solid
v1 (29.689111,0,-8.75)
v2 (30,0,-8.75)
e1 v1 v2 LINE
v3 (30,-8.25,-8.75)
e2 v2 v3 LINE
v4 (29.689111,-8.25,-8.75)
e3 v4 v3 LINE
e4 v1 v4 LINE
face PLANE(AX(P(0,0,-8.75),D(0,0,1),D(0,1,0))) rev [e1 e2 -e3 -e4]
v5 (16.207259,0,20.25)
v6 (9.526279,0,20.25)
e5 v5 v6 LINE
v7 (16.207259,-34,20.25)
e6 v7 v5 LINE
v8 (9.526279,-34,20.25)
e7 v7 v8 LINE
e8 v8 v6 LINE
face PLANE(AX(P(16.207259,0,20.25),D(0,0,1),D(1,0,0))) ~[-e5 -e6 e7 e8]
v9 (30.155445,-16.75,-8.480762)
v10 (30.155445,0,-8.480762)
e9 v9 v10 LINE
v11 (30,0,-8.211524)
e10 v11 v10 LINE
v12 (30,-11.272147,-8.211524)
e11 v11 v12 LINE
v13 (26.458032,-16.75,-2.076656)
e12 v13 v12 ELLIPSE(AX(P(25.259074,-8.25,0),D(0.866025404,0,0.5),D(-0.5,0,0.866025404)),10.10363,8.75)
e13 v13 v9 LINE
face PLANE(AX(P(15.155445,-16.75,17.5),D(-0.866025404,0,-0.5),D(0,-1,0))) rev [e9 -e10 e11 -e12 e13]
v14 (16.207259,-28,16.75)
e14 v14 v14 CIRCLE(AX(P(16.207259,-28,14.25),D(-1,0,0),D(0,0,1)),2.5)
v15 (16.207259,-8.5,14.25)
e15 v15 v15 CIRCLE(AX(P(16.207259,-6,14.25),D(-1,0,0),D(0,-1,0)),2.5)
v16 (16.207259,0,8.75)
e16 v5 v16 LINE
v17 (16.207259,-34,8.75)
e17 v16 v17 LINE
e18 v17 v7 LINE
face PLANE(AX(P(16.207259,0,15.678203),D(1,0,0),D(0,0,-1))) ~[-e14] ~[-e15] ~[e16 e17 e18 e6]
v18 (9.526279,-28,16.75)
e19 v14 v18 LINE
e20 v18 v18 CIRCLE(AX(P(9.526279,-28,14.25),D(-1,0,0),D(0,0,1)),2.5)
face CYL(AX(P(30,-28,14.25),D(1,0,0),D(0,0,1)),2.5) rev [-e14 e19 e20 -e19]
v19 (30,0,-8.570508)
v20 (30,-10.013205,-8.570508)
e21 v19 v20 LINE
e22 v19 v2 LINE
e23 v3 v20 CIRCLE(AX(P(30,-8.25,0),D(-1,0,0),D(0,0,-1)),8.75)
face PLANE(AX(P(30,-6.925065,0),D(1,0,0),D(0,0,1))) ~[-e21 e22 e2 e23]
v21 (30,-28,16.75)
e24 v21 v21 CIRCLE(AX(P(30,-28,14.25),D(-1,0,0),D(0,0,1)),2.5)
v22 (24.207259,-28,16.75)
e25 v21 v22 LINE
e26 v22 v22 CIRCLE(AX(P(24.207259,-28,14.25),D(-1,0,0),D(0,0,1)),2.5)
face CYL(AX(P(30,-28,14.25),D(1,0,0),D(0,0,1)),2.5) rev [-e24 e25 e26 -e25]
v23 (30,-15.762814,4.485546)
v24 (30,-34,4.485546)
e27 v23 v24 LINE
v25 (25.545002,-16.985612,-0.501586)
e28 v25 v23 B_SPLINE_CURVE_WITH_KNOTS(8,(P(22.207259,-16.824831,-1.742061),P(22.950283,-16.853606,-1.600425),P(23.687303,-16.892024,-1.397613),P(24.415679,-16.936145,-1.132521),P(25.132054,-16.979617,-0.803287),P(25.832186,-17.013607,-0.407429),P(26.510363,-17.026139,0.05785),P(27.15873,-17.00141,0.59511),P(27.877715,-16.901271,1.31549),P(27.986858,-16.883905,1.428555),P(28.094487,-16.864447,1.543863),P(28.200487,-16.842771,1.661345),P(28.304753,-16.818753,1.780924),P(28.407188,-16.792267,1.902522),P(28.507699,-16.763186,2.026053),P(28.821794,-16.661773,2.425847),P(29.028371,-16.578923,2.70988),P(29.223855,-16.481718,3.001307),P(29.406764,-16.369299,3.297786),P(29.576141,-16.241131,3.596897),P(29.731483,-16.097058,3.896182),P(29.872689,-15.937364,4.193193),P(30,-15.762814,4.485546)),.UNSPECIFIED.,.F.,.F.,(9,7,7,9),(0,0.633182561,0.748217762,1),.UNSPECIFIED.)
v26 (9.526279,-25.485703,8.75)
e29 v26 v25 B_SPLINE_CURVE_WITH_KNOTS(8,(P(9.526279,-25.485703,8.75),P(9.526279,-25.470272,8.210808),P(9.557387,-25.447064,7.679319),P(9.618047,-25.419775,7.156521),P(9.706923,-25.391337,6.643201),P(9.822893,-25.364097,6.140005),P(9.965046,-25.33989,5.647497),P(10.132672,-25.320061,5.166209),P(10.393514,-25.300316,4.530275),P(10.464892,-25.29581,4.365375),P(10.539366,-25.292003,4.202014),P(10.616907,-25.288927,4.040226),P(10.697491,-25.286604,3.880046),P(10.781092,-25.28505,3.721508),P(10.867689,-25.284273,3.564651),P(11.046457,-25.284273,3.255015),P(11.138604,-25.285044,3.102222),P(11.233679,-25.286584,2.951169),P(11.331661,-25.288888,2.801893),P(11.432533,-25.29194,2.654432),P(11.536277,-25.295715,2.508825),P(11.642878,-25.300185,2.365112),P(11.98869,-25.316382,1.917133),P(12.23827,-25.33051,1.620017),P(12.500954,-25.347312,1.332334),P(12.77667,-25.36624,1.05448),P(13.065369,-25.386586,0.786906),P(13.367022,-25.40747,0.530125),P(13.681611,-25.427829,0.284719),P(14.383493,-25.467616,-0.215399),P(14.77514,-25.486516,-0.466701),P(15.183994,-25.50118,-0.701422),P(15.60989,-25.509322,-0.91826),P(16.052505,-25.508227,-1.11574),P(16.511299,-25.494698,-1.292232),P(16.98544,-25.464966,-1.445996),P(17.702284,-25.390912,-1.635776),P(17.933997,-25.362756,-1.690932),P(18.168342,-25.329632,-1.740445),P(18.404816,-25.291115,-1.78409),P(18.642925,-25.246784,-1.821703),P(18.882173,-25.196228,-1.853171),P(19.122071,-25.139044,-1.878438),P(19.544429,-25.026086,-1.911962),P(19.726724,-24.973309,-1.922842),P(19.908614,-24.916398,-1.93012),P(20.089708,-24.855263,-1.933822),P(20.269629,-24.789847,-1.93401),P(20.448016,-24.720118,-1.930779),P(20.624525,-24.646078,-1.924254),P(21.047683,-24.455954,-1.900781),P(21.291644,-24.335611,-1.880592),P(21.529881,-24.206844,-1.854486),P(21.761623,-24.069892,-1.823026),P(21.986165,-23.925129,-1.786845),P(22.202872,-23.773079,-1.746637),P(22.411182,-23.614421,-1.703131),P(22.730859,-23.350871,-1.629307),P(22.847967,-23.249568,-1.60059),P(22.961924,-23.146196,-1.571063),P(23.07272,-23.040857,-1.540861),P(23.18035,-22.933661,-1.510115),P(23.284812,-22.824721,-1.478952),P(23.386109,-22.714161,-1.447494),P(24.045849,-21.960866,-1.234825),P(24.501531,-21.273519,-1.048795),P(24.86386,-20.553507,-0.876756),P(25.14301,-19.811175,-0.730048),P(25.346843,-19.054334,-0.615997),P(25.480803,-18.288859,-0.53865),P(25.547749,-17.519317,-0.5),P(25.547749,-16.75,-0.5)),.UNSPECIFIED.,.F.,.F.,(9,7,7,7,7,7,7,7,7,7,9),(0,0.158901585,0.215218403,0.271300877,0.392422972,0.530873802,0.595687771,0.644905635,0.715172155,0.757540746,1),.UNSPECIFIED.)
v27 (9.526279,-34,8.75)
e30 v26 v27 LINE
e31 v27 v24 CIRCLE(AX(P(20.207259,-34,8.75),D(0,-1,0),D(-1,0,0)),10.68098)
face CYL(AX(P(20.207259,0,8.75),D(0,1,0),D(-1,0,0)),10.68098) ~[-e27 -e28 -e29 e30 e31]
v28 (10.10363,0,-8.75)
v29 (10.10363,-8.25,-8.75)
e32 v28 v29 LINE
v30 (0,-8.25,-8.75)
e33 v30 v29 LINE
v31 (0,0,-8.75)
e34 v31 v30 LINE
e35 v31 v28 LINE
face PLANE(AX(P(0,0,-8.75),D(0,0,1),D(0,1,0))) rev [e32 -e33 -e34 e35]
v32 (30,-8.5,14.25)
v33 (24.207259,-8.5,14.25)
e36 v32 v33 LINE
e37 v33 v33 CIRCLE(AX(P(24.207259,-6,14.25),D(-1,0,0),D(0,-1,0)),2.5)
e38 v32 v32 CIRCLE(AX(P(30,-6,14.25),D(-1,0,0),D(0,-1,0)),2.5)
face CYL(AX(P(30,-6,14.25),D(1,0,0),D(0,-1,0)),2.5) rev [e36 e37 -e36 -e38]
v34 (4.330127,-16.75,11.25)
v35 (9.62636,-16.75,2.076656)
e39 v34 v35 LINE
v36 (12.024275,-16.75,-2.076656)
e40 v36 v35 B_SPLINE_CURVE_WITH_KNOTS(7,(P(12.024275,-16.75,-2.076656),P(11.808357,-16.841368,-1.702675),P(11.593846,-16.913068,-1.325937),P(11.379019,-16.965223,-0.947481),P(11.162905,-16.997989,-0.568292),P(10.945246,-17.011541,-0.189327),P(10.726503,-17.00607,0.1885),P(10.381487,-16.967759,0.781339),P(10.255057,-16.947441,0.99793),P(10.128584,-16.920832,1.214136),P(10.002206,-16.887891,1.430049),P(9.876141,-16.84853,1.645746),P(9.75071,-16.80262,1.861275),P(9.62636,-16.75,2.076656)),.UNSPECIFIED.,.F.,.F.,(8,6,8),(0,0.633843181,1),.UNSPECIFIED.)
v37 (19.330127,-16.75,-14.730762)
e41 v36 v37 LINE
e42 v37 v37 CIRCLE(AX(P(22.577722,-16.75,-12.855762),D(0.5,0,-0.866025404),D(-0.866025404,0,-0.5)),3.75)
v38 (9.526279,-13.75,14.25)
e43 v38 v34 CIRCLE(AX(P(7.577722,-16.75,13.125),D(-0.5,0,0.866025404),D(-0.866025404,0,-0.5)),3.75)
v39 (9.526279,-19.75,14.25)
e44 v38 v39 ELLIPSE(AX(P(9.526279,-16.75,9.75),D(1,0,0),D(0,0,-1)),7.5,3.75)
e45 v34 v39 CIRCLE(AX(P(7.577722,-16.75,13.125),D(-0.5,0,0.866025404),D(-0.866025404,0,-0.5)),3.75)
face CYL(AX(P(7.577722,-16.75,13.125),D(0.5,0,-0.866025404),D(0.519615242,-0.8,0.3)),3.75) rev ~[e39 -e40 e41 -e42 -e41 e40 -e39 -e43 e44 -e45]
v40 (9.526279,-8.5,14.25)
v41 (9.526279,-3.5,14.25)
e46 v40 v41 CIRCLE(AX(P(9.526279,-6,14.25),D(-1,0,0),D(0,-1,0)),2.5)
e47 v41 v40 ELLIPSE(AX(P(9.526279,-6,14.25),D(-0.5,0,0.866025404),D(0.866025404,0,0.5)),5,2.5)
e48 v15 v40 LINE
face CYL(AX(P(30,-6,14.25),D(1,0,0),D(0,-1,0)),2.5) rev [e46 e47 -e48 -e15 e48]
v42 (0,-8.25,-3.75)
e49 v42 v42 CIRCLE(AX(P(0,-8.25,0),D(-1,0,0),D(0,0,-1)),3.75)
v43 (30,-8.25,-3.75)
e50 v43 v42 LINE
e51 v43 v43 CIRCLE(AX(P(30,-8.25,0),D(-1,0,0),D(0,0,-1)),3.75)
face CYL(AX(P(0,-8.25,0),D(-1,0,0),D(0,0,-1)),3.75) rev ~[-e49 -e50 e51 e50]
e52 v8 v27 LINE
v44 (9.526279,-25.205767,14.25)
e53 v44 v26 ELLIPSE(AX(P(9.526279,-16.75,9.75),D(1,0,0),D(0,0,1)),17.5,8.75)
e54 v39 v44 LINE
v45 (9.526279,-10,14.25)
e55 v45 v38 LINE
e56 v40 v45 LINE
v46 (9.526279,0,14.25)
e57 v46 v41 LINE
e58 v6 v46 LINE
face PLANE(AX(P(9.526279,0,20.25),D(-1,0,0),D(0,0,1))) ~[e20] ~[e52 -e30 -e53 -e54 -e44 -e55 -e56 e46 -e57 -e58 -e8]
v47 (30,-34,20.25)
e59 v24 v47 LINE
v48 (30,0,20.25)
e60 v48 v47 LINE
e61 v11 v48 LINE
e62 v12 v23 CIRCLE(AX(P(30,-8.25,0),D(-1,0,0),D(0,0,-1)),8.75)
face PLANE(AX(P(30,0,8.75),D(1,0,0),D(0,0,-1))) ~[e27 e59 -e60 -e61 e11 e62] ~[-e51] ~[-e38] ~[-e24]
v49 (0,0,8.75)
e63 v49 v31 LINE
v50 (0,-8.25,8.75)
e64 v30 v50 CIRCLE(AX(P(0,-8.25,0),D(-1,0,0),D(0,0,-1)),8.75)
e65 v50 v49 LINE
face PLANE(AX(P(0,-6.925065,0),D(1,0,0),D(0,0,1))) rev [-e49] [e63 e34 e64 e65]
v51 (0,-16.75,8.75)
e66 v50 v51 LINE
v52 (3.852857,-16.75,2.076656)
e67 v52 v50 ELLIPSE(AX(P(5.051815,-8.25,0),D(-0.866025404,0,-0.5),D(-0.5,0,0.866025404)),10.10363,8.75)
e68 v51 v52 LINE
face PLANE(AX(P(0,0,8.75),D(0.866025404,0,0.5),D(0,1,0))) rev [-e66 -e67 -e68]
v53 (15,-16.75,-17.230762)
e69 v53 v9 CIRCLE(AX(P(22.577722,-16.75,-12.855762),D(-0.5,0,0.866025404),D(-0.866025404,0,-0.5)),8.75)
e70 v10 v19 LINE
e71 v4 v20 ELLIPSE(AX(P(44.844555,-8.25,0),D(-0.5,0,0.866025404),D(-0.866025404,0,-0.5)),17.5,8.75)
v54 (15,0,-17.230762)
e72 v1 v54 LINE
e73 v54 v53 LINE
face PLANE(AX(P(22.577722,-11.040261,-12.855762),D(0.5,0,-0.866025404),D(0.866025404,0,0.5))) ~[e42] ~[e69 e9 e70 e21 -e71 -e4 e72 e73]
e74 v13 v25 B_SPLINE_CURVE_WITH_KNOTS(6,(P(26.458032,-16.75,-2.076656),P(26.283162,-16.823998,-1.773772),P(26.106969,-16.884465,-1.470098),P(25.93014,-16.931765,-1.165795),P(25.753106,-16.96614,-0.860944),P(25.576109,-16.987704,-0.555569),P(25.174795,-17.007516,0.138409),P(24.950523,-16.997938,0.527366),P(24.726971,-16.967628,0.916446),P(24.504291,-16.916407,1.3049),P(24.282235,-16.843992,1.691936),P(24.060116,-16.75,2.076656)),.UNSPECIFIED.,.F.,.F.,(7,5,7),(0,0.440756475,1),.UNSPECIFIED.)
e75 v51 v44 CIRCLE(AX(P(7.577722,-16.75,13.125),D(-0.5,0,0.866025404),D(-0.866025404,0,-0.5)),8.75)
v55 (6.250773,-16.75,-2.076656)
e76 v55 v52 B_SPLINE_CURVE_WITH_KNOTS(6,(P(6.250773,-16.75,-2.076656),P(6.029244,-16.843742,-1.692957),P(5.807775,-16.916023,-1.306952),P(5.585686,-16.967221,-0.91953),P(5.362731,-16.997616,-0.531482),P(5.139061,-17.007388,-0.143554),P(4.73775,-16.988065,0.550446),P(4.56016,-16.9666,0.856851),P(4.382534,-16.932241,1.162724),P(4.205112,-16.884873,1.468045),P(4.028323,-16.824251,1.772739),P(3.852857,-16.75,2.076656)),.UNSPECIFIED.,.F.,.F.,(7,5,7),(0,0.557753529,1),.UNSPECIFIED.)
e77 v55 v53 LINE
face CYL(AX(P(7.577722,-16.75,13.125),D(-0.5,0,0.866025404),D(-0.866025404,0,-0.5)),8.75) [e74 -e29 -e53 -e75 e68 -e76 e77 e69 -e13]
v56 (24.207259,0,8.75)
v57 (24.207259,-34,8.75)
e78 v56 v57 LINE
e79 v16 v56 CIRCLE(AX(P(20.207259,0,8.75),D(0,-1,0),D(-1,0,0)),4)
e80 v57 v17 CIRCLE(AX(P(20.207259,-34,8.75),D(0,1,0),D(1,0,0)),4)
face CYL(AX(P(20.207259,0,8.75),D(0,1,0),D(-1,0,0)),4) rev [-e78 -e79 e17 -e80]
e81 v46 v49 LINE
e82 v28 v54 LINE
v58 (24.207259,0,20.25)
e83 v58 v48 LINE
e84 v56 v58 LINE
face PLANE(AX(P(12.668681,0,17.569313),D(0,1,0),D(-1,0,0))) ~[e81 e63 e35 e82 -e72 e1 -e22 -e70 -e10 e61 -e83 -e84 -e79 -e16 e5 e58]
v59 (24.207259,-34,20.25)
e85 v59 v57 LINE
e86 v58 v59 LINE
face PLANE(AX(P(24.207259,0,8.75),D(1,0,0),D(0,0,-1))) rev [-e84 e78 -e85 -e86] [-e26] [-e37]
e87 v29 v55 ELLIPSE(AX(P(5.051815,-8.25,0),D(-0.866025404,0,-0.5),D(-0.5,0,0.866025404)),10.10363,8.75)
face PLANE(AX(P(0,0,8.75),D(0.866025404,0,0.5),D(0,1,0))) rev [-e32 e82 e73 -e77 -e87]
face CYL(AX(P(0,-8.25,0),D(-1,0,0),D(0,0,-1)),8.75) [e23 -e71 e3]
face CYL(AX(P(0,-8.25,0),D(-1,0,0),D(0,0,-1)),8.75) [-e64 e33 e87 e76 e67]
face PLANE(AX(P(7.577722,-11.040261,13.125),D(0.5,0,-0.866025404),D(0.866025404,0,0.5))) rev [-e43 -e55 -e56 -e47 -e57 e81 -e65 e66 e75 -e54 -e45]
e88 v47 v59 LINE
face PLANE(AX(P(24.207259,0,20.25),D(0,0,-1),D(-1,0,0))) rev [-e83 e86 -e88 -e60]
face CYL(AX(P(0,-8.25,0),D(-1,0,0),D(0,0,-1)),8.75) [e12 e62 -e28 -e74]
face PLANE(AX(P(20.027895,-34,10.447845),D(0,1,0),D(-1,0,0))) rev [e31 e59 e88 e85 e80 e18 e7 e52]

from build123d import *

# Parameters (mm, degrees)
SKETCH1_R               = 3.75
BOSS_EXTRUDE1_DEPTH     = 30
SKETCH2_R               = 3.75
BOSS_EXTRUDE2_DEPTH     = 30
CUT_EXTRUDE1_DEPTH      = 26.5000001
SKETCH4_W               = 5.792740578
SKETCH4_H               = 11.5
BOSS_EXTRUDE3_DEPTH     = 10
BOSS_EXTRUDE4_DEPTH     = 10
BOSS_EXTRUDE5_DEPTH     = 34
SKETCH5_R               = 2.5
CUT_EXTRUDE2_DEPTH      = 31.0000001
SKETCH7_R               = 3.75
CUT_EXTRUDE3_DEPTH      = 31.155444666
SKETCH8_R               = 3.75
CUT_EXTRUDE4_DEPTH      = 27.5
CUT_EXTRUDE4_DEPTH_BACK = 38.57772242


with BuildPart() as part:
    # Sketch1 → Boss-Extrude1 (new body)
    with BuildSketch(Plane(origin=(0, 0, 0), x_dir=(0, 0, -1), z_dir=(1, 0, 0))):
        with BuildLine():
            Line((-8.75, 0), (8.75, 0))
            Line((8.75, 0), (8.75, 8.25))
            ThreePointArc((8.75, 8.25), (0, 17), (-8.75, 8.25))
            Line((-8.75, 8.25), (-8.75, 0))
        make_face()
        with Locations((0, 8.25)):
            Circle(SKETCH1_R, mode=Mode.SUBTRACT)
    extrude(amount=BOSS_EXTRUDE1_DEPTH)

    # Sketch2 → Boss-Extrude2 (add)
    with BuildSketch(Plane(origin=(-3.788861142, 0, 6.5625), x_dir=(-0.866025404, 0, -0.5), z_dir=(0.5, 0, -0.866025404))):
        with BuildLine():
            Line((-4.375, 0), (-4.375, 16.75))
            ThreePointArc((-4.375, 16.75), (-13.125, 25.5), (-21.875, 16.75))
            Line((-21.875, 16.75), (-21.875, 0))
            Line((-21.875, 0), (-4.375, 0))
        make_face()
        with Locations((-13.125, 16.75)):
            Circle(SKETCH2_R, mode=Mode.SUBTRACT)
    extrude(amount=BOSS_EXTRUDE2_DEPTH)

    # Sketch3 → Cut-Extrude1 (cut, through all)
    with BuildSketch(Plane.XZ):
        with BuildLine():
            Line((24.207259422, 8.75), (24.207259422, 15.67820323))
            Line((24.207259422, 15.67820323), (16.207259422, 15.67820323))
            Line((16.207259422, 15.67820323), (16.207259422, 8.75))
            ThreePointArc((16.207259422, 8.75), (20.207259422, 4.75), (24.207259422, 8.75))
        make_face()
    extrude(amount=-CUT_EXTRUDE1_DEPTH, mode=Mode.SUBTRACT)

    # Sketch4 → Boss-Extrude3 (add)
    with BuildSketch(Plane.XZ):
        with Locations((27.103629711, 14.5)):
            Rectangle(SKETCH4_W, SKETCH4_H)
    extrude(amount=-BOSS_EXTRUDE3_DEPTH)

    # Sketch6 → Boss-Extrude4 (add)
    with BuildSketch(Plane.XZ):
        Polygon((16.207259422, 15.67820323), (16.207259422, 20.25), (9.526279442, 20.25), (9.526279442, 14.25), align=None)
    extrude(amount=-BOSS_EXTRUDE4_DEPTH)

    # Sketch9 → Boss-Extrude5 (add)
    with BuildSketch(Plane.XZ):
        with BuildLine():
            Line((16.207259422, 20.25), (9.526279442, 20.25))
            Line((9.526279442, 20.25), (9.526279442, 14.25))
            Line((9.526279442, 14.25), (9.526279442, 8.75))
            ThreePointArc((9.526279442, 8.75), (18.029270984, -1.706562518), (30, 4.485546307))
            Line((30, 4.485546307), (30, 20.25))
            Line((30, 20.25), (24.207259422, 20.25))
            Line((24.207259422, 20.25), (24.207259422, 8.75))
            ThreePointArc((24.207259422, 8.75), (20.207259422, 4.75), (16.207259422, 8.75))
            Line((16.207259422, 8.75), (16.207259422, 20.25))
        make_face()
    extrude(amount=-BOSS_EXTRUDE5_DEPTH)

    # Sketch5 → Cut-Extrude2 (cut, through all)
    with BuildSketch(Plane(origin=(30, 0, 0), x_dir=(0, 0, -1), z_dir=(1, 0, 0))):
        with Locations(Location((-14.25, 6, 0), (0, 0, 90))):  # turned: the seam where the file's is
            Circle(SKETCH5_R)
        with Locations(Location((-14.25, 28, 0), (0, 0, 180))):  # turned: the seam where the file's is
            Circle(SKETCH5_R)
    extrude(amount=-CUT_EXTRUDE2_DEPTH, mode=Mode.SUBTRACT)

    # Sketch7 → Cut-Extrude3 (cut, through all)
    with BuildSketch(Plane.ZY):
        with Locations(Location((0, 8.25, 0), (0, 0, 180))):  # turned: the seam where the file's is
            Circle(SKETCH7_R)
    extrude(amount=-CUT_EXTRUDE3_DEPTH, mode=Mode.SUBTRACT)

    # Sketch8 → Cut-Extrude4 (cut, two sides)
    with BuildSketch(Plane(origin=(-3.788861142, 0, 6.5625), x_dir=(0.866025404, 0, 0.5), z_dir=(-0.5, 0, 0.866025404))) as cut_extrude4_sk:
        with Locations(Location((13.125, 16.75, 0), (0, 0, 53.130102354))):  # turned: the seam where the file's is
            Circle(SKETCH8_R)
    extrude(amount=CUT_EXTRUDE4_DEPTH, mode=Mode.SUBTRACT)
    extrude(cut_extrude4_sk.sketch, amount=-CUT_EXTRUDE4_DEPTH_BACK, mode=Mode.SUBTRACT)


with BuildPart() as body_2:
    # Mirror1: mirrored copy
    add(part.part.mirror(Plane(origin=(30, 0, 8.75), x_dir=(0, 0, 1), z_dir=(0, 1, 0))))


solid = body_2.part
